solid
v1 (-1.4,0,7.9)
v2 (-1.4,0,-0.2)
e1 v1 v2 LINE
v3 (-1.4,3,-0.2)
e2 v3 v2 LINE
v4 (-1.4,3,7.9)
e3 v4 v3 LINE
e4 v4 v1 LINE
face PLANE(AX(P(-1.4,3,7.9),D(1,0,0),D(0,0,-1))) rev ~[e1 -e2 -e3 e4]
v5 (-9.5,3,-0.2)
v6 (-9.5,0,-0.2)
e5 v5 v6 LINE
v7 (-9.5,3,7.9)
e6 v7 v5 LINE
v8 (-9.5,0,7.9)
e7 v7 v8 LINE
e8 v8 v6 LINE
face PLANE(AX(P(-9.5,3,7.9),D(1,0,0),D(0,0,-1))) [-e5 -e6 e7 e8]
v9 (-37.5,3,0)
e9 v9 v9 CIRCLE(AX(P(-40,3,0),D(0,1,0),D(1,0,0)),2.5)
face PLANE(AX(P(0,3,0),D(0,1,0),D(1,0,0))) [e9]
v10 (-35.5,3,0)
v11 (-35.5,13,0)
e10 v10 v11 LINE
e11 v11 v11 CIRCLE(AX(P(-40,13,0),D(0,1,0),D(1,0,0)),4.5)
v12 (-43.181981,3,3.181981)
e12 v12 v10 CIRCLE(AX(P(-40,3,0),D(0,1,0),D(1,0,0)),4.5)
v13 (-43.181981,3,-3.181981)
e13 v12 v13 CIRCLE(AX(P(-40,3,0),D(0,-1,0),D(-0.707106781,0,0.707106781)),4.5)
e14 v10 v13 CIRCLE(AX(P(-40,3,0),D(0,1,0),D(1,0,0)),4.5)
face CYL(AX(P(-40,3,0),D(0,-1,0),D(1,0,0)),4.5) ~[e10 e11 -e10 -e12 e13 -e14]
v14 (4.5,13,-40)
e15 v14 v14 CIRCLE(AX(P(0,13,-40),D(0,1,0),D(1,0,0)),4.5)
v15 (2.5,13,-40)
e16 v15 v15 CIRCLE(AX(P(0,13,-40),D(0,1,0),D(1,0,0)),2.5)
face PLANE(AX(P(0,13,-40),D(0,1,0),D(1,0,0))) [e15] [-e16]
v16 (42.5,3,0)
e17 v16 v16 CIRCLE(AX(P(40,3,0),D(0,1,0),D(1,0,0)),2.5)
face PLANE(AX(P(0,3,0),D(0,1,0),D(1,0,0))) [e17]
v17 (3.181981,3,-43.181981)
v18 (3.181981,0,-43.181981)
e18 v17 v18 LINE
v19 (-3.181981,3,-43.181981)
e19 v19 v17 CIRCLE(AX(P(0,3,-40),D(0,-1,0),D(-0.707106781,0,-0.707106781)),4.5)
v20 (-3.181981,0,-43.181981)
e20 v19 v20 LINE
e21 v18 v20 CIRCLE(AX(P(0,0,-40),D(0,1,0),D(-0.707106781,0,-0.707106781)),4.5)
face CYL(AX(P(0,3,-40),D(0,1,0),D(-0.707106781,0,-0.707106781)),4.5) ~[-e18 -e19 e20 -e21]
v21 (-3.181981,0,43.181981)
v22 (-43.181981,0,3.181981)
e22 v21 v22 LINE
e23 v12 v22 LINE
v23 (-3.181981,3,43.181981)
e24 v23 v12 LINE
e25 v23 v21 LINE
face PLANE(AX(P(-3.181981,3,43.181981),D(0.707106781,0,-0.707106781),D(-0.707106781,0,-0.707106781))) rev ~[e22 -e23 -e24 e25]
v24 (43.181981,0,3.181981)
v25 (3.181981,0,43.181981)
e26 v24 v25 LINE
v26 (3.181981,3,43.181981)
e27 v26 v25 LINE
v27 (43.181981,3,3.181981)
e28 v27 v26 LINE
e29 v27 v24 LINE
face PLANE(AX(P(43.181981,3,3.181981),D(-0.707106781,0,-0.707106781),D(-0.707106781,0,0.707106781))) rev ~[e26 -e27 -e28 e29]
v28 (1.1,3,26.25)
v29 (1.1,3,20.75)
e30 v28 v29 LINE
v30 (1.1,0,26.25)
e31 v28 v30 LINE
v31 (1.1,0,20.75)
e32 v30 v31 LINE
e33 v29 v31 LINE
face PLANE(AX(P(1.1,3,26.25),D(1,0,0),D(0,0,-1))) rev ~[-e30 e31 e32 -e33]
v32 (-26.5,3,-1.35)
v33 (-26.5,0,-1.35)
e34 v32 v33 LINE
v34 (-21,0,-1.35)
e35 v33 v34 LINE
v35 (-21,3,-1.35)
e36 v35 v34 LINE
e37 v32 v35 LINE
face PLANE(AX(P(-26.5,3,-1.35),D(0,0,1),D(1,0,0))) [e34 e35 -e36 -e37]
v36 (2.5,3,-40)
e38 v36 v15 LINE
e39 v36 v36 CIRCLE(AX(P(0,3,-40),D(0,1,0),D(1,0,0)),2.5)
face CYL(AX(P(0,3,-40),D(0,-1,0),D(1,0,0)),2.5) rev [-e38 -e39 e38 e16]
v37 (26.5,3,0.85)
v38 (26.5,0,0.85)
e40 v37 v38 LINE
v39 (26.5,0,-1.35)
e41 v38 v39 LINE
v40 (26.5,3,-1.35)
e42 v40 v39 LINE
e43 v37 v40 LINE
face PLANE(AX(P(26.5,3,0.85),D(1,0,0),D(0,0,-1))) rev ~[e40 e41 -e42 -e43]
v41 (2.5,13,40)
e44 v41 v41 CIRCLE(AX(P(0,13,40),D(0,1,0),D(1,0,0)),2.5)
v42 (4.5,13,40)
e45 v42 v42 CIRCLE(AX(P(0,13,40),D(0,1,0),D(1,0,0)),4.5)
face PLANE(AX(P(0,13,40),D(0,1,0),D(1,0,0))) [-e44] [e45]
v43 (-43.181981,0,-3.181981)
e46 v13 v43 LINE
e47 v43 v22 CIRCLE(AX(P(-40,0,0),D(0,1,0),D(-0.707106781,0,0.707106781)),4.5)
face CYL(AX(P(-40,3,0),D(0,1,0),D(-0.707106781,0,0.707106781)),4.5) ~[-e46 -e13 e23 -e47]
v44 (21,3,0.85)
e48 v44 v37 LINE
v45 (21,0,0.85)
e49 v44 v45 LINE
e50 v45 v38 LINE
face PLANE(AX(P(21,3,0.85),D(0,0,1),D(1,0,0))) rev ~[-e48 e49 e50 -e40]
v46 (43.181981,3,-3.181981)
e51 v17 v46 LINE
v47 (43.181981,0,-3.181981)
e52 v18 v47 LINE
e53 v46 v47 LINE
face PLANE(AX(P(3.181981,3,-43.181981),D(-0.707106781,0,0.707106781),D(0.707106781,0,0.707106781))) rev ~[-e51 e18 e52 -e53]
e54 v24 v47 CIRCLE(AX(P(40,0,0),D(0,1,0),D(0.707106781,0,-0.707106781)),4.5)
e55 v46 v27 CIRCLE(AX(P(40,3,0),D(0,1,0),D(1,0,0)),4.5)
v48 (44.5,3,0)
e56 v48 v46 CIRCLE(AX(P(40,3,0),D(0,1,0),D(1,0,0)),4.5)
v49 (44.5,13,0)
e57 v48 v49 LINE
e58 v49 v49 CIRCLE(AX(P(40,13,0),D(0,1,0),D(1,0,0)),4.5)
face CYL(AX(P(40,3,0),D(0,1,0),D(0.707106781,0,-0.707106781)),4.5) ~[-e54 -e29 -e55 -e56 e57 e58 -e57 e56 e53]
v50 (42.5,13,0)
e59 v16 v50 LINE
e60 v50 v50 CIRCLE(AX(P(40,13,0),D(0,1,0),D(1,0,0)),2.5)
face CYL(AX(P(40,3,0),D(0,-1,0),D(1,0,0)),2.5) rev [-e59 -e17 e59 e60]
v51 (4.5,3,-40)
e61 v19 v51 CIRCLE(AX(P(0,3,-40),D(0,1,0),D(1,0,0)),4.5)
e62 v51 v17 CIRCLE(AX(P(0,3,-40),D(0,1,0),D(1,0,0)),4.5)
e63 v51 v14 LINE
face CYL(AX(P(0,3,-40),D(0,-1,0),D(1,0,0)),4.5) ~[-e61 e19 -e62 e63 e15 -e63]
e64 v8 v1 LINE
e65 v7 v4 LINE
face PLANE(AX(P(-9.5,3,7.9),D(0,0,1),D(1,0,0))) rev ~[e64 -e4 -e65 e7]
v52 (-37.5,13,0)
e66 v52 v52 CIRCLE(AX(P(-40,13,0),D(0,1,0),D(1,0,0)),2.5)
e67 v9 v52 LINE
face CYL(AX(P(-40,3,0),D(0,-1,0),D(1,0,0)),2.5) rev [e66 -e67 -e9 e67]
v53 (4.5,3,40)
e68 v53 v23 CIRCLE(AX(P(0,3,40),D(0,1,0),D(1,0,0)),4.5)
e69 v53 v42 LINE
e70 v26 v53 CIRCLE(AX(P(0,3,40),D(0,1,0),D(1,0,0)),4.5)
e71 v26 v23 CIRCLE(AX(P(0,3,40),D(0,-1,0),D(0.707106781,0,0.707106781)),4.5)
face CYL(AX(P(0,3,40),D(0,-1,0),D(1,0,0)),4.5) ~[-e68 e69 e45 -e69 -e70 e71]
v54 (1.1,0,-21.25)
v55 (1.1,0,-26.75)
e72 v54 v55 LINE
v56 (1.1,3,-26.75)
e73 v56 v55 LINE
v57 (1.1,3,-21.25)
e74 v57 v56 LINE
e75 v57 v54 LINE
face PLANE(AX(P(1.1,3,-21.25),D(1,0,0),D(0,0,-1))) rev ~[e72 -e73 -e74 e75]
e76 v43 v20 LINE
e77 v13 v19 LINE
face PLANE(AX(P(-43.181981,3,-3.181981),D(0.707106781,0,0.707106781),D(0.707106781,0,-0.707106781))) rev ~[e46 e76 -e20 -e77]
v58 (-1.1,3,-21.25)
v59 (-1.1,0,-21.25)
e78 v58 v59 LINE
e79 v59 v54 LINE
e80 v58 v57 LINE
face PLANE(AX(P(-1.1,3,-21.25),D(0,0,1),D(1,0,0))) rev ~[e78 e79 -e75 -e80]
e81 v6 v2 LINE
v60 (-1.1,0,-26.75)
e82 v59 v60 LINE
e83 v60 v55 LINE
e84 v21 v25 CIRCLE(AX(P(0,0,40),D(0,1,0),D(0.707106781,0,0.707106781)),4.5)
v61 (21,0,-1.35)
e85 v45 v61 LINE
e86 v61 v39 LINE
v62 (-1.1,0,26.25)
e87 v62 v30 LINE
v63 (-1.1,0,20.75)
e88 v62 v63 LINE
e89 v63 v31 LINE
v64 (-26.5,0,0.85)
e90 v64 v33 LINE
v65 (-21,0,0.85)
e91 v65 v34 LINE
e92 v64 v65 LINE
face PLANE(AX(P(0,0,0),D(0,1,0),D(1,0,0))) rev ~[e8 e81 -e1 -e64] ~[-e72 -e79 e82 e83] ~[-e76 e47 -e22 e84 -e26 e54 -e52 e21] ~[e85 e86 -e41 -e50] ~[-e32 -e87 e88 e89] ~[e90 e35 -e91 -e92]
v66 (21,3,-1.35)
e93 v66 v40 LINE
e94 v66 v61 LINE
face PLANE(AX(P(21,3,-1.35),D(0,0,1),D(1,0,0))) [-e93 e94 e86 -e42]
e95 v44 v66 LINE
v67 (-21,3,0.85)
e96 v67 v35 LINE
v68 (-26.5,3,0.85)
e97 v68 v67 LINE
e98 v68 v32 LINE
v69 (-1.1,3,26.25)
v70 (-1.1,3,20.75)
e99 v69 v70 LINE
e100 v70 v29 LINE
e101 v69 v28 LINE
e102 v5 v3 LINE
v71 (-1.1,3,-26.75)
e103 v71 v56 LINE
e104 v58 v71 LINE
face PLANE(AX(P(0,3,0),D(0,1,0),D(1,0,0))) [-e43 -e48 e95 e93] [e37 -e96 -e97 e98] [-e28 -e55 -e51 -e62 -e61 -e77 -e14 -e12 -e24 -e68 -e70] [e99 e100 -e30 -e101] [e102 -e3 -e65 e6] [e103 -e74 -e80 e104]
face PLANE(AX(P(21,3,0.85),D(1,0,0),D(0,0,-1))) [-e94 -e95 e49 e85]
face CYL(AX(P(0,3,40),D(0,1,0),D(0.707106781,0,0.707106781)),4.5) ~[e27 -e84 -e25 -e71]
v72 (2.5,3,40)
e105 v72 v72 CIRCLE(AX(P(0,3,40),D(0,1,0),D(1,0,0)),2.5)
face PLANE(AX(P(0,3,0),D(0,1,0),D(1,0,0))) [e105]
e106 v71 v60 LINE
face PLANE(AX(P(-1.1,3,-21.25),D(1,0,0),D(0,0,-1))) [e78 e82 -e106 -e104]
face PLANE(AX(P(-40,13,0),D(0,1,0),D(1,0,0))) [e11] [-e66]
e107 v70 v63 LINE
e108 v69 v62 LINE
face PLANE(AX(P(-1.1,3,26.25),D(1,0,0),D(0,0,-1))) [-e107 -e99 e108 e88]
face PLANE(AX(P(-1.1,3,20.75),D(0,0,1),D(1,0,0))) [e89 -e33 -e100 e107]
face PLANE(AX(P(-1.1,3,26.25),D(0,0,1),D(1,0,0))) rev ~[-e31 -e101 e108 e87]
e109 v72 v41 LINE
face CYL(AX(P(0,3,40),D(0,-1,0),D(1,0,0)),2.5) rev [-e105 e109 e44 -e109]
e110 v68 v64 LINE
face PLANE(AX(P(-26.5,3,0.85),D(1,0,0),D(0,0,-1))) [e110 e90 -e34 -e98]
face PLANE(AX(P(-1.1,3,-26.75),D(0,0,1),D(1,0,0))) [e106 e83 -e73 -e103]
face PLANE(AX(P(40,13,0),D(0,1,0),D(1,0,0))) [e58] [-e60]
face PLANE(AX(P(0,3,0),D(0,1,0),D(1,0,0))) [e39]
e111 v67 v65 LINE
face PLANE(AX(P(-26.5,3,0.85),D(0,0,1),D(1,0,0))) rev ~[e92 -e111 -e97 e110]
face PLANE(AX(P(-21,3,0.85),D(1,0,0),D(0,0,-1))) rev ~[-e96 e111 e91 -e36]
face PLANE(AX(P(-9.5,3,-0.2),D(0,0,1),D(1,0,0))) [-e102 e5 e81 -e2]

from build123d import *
from build123d.topology import SkipClean

# Parameters (mm, degrees)
SKETCH1_W           = 100
SKETCH1_H           = 100
BOSS_EXTRUDE1_DEPTH = 3
SKETCH2_R           = 4.5
SKETCH2_R_2         = 2.5
BOSS_EXTRUDE2_DEPTH = 10
SKETCH9_OUTSIDE_W   = 130.404
SKETCH9_OUTSIDE_H   = 130.404
CUT_EXTRUDE5_DEPTH  = 127
SKETCH11_W          = 8.1
SKETCH11_H          = 8.1
CUT_EXTRUDE6_DEPTH  = 127
SKETCH3_W           = 5.499999922
SKETCH3_H           = 2.2
SKETCH3_W_2         = 2.2
SKETCH3_H_2         = 5.499999922
CUT_EXTRUDE7_DEPTH  = 64.722052698


with BuildPart() as part:
    # Sketch1 → Boss-Extrude1 (new body)
    with BuildSketch(Plane(origin=(0, 0, 0), x_dir=(1, 0, 0), z_dir=(0, 1, 0))):
        Rectangle(SKETCH1_W, SKETCH1_H)
    extrude(amount=BOSS_EXTRUDE1_DEPTH)

    # Sketch2 → Boss-Extrude2 (add)
    # profile 1 of 4: a face of its own
    with BuildSketch(Plane(origin=(0, 3, 0), x_dir=(1, 0, 0), z_dir=(0, 1, 0))):
        with Locations((0, 40)):
            Circle(SKETCH2_R)
        with Locations((0, 40)):
            Circle(SKETCH2_R_2, mode=Mode.SUBTRACT)
    # profile 2 of 4: a face of its own
    with BuildSketch(Plane(origin=(0, 3, 0), x_dir=(1, 0, 0), z_dir=(0, 1, 0))):
        with Locations((40, 0)):
            Circle(SKETCH2_R)
        with Locations((40, 0)):
            Circle(SKETCH2_R_2, mode=Mode.SUBTRACT)
    # profile 3 of 4: a face of its own
    with BuildSketch(Plane(origin=(0, 3, 0), x_dir=(1, 0, 0), z_dir=(0, 1, 0))):
        with Locations((0, -40)):
            Circle(SKETCH2_R)
        with Locations((0, -40)):
            Circle(SKETCH2_R_2, mode=Mode.SUBTRACT)
    # profile 4 of 4: a face of its own
    with BuildSketch(Plane(origin=(0, 3, 0), x_dir=(1, 0, 0), z_dir=(0, 1, 0))):
        with Locations((-40, 0)):
            Circle(SKETCH2_R)
        with Locations((-40, 0)):
            Circle(SKETCH2_R_2, mode=Mode.SUBTRACT)
    extrude(amount=BOSS_EXTRUDE2_DEPTH)

    # Sketch9 outside → Cut-Extrude5 (cut)
    with BuildSketch(Plane(origin=(0, 3, 0), x_dir=(1, 0, 0), z_dir=(0, 1, 0))):
        Rectangle(SKETCH9_OUTSIDE_W, SKETCH9_OUTSIDE_H)
        with BuildLine():
            Line((3.181980515, 43.181980515), (43.181980515, 3.181980515))
            ThreePointArc((43.181980515, 3.181980515), (44.5, 0), (43.181980515, -3.181980515))
            Line((43.181980515, -3.181980515), (3.181980515, -43.181980515))
            ThreePointArc((3.181980515, -43.181980515), (0, -44.5), (-3.181980515, -43.181980515))
            Line((-3.181980515, -43.181980515), (-43.181980515, -3.181980515))
            ThreePointArc((-43.181980515, -3.181980515), (-44.5, 0), (-43.181980515, 3.181980515))
            Line((-43.181980515, 3.181980515), (-3.181980515, 43.181980515))
            ThreePointArc((-3.181980515, 43.181980515), (0, 44.5), (3.181980515, 43.181980515))
        make_face(mode=Mode.SUBTRACT)
    extrude(amount=-CUT_EXTRUDE5_DEPTH, mode=Mode.SUBTRACT)

    # Sketch11 → Cut-Extrude6 (cut)
    with SkipClean():  # the faces are left unmerged after this step: merging them gives an invalid solid
        with BuildSketch(Plane(origin=(0, 3, 0), x_dir=(1, 0, 0), z_dir=(0, 1, 0))):
            with Locations((-5.45, -3.85)):
                Rectangle(SKETCH11_W, SKETCH11_H)
        extrude(amount=-CUT_EXTRUDE6_DEPTH, mode=Mode.SUBTRACT)

    # Sketch3 → Cut-Extrude7 (cut, through all)
    with SkipClean():  # the faces are left unmerged after this step: merging them gives an invalid solid
        with BuildSketch(Plane(origin=(0, 3, 0), x_dir=(1, 0, 0), z_dir=(0, 1, 0))):
            with Locations((23.749999998, 0.250000008)):
                Rectangle(SKETCH3_W, SKETCH3_H)
            with Locations((0, 24.000000006)):
                Rectangle(SKETCH3_W_2, SKETCH3_H_2)
            with Locations((0, -23.49999999)):
                Rectangle(SKETCH3_W_2, SKETCH3_H_2)
            with Locations((-23.749999998, 0.250000008)):
                Rectangle(SKETCH3_W, SKETCH3_H)
        extrude(amount=-CUT_EXTRUDE7_DEPTH, mode=Mode.SUBTRACT)


solid = part.part
